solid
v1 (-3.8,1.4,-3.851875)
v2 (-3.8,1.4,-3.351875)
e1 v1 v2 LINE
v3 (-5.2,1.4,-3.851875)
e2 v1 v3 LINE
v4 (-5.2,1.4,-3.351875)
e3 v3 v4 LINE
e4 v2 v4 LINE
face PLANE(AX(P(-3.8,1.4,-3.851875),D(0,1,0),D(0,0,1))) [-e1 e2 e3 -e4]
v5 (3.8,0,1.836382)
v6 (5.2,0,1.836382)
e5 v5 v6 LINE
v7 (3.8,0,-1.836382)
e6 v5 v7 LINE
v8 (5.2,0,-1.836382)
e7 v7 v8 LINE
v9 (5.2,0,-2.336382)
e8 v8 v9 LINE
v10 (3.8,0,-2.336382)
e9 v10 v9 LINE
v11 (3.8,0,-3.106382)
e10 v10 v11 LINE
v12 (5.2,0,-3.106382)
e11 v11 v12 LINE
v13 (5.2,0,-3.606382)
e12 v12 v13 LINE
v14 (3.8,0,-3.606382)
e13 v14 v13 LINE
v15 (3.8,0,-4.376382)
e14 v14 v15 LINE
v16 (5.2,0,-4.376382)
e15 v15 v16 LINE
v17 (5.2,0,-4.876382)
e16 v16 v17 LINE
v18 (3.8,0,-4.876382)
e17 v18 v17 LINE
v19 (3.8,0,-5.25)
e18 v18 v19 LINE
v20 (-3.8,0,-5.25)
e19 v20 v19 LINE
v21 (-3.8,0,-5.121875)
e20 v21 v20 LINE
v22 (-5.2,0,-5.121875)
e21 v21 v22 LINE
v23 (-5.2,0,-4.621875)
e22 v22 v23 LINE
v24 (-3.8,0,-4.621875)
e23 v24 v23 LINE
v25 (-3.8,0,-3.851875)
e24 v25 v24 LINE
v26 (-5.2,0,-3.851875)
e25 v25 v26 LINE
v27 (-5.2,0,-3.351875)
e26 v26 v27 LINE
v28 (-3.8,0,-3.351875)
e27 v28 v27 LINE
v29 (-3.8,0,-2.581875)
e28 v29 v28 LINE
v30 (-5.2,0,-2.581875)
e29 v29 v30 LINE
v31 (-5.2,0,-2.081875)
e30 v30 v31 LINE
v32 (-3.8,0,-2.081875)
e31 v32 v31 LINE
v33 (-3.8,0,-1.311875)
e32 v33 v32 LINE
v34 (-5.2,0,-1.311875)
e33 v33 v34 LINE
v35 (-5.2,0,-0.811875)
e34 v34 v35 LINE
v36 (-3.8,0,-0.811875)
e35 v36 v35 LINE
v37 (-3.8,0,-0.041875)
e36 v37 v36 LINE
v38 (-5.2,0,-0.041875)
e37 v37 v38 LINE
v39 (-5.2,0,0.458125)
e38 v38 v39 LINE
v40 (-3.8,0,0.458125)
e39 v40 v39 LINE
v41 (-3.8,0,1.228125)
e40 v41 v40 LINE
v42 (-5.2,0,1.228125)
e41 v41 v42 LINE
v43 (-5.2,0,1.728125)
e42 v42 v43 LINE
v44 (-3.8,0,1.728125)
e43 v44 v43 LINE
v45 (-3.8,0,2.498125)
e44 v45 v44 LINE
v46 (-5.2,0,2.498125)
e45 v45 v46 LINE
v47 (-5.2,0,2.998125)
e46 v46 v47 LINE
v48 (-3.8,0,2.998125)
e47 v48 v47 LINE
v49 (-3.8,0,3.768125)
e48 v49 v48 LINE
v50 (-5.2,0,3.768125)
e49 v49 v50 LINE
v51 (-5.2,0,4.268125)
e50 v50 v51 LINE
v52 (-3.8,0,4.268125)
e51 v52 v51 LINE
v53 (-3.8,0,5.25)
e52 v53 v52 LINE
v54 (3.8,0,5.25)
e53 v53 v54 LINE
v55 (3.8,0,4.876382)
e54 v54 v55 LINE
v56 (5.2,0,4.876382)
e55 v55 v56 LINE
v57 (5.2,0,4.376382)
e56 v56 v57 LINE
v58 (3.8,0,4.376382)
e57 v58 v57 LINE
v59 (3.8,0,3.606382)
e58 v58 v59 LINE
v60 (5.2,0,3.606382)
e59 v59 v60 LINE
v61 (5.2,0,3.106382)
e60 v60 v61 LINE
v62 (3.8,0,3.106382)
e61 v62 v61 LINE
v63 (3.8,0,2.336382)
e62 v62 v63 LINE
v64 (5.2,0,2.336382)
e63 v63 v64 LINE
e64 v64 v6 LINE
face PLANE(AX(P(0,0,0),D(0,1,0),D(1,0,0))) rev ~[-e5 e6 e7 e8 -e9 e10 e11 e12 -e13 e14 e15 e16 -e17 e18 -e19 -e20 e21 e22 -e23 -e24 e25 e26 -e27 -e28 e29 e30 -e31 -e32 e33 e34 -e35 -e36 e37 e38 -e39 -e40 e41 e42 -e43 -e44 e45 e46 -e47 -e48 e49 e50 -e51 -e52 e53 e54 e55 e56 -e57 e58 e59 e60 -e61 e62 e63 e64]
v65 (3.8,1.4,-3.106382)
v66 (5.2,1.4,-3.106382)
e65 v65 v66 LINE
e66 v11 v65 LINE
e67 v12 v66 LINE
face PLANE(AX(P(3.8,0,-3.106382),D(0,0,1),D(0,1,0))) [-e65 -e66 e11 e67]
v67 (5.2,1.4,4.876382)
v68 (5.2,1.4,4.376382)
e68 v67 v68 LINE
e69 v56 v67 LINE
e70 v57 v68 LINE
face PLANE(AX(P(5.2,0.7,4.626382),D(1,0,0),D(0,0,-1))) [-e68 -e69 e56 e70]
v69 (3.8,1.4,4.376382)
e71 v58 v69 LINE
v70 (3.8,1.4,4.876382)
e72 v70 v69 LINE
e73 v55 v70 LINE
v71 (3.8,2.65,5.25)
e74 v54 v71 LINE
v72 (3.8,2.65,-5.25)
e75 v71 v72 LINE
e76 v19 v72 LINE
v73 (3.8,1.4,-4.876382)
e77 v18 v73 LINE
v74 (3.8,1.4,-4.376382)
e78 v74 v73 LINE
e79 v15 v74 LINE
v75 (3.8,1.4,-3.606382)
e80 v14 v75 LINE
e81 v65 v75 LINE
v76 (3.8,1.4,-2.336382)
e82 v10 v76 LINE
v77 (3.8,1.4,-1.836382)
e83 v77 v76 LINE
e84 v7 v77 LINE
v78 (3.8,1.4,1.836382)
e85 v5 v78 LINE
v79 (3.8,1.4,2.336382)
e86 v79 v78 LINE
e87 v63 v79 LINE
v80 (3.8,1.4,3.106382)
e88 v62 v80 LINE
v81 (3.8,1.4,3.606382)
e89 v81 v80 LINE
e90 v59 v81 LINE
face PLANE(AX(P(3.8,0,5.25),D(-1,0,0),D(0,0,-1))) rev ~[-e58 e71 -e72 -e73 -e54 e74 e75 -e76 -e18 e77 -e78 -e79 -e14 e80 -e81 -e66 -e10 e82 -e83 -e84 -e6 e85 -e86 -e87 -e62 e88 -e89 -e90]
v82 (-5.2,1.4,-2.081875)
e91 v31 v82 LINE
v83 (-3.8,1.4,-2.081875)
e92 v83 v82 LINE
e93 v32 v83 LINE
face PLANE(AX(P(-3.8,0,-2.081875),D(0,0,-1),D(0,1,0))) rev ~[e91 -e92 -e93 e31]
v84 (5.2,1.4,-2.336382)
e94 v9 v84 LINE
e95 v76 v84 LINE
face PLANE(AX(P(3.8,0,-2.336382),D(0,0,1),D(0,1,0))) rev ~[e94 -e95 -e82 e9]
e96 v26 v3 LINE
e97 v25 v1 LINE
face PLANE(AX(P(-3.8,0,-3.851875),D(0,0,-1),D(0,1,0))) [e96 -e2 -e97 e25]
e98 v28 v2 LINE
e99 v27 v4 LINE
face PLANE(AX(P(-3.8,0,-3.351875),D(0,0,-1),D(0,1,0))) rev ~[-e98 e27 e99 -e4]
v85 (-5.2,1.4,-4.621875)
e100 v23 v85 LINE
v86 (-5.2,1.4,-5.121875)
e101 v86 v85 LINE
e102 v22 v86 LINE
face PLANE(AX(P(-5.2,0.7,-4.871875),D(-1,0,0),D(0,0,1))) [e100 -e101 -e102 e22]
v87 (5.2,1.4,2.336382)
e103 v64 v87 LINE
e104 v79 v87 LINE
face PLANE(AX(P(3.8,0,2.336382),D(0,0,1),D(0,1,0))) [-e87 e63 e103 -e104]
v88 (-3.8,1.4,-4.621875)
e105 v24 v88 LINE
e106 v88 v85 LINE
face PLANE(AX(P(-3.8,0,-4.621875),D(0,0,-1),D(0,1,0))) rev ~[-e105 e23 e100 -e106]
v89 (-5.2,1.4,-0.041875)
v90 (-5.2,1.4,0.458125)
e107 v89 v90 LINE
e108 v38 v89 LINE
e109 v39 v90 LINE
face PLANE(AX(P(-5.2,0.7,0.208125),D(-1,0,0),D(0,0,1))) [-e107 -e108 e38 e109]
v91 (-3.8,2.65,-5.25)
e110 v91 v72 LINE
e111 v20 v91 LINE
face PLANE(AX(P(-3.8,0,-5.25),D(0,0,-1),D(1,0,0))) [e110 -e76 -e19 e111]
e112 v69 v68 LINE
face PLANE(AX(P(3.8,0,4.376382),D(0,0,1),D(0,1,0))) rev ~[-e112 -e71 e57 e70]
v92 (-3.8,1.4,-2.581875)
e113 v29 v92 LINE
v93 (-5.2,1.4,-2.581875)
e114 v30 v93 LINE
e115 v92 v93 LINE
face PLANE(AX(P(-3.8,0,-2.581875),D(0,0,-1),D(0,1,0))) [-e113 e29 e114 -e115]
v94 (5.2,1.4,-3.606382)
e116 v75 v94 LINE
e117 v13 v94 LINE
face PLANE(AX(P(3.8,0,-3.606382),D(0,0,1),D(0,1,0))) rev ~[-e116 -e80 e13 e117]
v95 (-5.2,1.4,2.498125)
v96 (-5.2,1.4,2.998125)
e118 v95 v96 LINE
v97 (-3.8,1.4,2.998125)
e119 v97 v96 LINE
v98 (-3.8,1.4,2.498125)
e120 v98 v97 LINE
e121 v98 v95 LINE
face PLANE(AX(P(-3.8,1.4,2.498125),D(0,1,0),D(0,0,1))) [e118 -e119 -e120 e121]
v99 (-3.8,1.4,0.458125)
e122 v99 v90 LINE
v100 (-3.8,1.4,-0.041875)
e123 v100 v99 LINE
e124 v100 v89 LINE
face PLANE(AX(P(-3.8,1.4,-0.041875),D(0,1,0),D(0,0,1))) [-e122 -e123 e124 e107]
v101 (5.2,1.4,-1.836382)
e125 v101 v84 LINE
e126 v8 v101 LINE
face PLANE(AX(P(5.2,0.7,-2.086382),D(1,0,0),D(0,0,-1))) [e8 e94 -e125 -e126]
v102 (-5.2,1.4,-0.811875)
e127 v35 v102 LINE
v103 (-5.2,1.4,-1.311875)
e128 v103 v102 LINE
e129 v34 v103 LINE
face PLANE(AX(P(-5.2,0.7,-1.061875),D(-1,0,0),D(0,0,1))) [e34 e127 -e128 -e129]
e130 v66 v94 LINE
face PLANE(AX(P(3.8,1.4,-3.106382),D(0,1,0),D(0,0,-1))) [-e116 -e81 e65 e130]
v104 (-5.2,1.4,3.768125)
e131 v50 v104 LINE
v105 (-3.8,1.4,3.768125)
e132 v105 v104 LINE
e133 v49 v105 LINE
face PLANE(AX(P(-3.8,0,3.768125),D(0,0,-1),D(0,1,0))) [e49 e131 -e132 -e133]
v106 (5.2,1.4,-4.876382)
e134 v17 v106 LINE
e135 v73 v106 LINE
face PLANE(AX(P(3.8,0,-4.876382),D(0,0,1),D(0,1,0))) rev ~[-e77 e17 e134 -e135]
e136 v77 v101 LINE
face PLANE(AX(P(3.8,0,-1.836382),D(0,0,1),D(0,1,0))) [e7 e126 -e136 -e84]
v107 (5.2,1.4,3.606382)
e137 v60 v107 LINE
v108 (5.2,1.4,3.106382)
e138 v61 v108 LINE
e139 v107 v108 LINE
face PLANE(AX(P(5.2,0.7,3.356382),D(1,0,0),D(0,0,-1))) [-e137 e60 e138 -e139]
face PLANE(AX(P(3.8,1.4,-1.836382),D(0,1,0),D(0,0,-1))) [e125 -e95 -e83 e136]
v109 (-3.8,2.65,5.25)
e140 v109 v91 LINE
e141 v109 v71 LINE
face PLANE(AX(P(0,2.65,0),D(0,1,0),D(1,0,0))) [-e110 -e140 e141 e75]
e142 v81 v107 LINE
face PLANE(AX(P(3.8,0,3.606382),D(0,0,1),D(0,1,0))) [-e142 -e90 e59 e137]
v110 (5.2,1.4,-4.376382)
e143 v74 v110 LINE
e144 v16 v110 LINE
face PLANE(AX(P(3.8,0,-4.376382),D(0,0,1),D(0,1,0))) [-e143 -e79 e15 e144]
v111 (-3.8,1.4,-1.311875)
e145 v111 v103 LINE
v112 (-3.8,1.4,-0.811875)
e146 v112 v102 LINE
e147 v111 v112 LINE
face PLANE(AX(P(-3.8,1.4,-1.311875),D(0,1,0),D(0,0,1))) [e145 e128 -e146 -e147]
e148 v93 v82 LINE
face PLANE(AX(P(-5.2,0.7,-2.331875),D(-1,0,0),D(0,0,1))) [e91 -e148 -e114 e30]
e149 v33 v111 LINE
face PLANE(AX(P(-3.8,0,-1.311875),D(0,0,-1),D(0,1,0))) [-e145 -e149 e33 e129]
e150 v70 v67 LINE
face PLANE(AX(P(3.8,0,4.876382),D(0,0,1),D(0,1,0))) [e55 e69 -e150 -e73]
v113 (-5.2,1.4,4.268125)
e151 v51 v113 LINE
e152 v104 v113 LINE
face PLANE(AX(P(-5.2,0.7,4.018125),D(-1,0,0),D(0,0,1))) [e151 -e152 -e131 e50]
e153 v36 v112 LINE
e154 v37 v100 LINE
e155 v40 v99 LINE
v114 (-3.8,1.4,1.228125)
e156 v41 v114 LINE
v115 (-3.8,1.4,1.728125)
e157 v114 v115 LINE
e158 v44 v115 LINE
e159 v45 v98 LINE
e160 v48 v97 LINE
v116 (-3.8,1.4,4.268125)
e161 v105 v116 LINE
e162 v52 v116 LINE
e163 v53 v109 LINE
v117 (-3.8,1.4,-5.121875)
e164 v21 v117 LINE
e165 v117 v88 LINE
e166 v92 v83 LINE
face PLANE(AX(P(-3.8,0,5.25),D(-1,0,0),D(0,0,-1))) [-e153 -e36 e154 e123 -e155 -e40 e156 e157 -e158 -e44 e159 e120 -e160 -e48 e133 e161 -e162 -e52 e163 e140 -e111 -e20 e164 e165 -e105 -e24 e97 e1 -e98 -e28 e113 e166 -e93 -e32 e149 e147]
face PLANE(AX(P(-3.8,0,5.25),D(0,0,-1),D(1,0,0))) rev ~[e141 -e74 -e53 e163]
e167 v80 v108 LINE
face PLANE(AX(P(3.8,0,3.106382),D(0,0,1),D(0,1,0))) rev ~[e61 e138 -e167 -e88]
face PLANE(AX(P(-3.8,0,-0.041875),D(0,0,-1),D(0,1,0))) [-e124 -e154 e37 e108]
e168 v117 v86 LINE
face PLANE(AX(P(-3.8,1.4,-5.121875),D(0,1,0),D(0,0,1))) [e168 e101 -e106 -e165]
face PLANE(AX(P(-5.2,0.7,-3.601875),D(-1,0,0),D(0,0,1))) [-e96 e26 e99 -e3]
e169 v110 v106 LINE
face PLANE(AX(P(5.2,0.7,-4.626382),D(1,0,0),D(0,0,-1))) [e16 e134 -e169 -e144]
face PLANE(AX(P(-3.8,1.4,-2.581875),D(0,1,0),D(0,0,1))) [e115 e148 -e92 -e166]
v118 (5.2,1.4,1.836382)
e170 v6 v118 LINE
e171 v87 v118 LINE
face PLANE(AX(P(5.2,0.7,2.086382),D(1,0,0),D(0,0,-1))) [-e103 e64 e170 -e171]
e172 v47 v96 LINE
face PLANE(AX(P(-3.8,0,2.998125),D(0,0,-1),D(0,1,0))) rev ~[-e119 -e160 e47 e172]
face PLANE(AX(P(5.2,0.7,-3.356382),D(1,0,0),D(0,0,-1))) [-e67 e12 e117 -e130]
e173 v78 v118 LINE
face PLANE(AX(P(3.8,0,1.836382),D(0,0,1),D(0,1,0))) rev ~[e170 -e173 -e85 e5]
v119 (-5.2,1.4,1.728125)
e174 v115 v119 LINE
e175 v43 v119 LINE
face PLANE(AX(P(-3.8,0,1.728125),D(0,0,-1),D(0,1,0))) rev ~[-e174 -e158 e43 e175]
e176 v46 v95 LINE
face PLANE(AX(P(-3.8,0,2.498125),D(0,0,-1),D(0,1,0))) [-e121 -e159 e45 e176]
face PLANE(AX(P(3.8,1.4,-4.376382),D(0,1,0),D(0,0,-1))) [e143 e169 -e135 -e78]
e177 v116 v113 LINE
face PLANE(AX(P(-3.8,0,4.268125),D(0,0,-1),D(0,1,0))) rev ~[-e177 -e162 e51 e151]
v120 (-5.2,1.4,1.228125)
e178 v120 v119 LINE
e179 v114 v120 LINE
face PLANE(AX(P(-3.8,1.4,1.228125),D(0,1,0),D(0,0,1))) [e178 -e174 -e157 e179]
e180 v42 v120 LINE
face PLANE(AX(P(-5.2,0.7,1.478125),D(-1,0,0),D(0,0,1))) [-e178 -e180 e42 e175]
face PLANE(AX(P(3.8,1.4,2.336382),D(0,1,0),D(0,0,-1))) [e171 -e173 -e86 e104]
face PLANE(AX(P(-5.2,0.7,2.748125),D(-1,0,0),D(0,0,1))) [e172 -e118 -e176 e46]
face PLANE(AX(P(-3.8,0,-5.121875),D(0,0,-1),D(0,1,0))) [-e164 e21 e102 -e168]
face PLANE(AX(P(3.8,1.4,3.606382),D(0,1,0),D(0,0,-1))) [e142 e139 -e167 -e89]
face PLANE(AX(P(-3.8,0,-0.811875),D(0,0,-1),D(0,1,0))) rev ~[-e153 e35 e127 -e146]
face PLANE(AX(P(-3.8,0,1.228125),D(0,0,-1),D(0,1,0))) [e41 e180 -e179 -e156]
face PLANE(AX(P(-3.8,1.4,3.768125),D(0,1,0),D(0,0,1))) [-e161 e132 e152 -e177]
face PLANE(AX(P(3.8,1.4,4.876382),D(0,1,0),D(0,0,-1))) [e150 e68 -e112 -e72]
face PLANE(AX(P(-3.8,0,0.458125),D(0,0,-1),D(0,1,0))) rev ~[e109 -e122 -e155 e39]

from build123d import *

# Parameters (mm, degrees)
SKETCH1_W           = 7.6
SKETCH1_H           = 10.5
BOSS_EXTRUDE1_DEPTH = 2.65
SKETCH2_W           = 0.5
SKETCH2_H           = 1.4
BOSS_EXTRUDE2_DEPTH = 1.4
SKETCH4_W           = 0.5
SKETCH4_H           = 1.4
BOSS_EXTRUDE3_DEPTH = 1.4


with BuildPart() as part:
    # Sketch1 → Boss-Extrude1 (new body)
    with BuildSketch(Plane(origin=(0, 0, 0), x_dir=(1, 0, 0), z_dir=(0, 1, 0))):
        Rectangle(SKETCH1_W, SKETCH1_H)
    extrude(amount=BOSS_EXTRUDE1_DEPTH)

    # Sketch2 → Boss-Extrude2 (add)
    with BuildSketch(Plane.ZY.offset(3.8)):
        with Locations((-4.871874673, 0.7)):
            Rectangle(SKETCH2_W, SKETCH2_H)
        with Locations((-3.601874673, 0.7)):
            Rectangle(SKETCH2_W, SKETCH2_H)
        with Locations((-2.331874673, 0.7)):
            Rectangle(SKETCH2_W, SKETCH2_H)
        with Locations((-1.061874673, 0.7)):
            Rectangle(SKETCH2_W, SKETCH2_H)
        with Locations((0.208125327, 0.7)):
            Rectangle(SKETCH2_W, SKETCH2_H)
        with Locations((1.478125327, 0.7)):
            Rectangle(SKETCH2_W, SKETCH2_H)
        with Locations((2.748125327, 0.7)):
            Rectangle(SKETCH2_W, SKETCH2_H)
        with Locations((4.018125327, 0.7)):
            Rectangle(SKETCH2_W, SKETCH2_H)
    extrude(amount=BOSS_EXTRUDE2_DEPTH)

    # Sketch4 → Boss-Extrude3 (add)
    with BuildSketch(Plane(origin=(3.8, 0, 0), x_dir=(0, 0, -1), z_dir=(1, 0, 0))):
        with Locations((-4.626381769, 0.7)):
            Rectangle(SKETCH4_W, SKETCH4_H)
        with Locations((-3.356381769, 0.7)):
            Rectangle(SKETCH4_W, SKETCH4_H)
        with Locations((-2.086381769, 0.7)):
            Rectangle(SKETCH4_W, SKETCH4_H)
        with Locations((2.086381769, 0.7)):
            Rectangle(SKETCH4_W, SKETCH4_H)
        with Locations((3.356381769, 0.7)):
            Rectangle(SKETCH4_W, SKETCH4_H)
        with Locations((4.626381769, 0.7)):
            Rectangle(SKETCH4_W, SKETCH4_H)
    extrude(amount=BOSS_EXTRUDE3_DEPTH)


solid = part.part
